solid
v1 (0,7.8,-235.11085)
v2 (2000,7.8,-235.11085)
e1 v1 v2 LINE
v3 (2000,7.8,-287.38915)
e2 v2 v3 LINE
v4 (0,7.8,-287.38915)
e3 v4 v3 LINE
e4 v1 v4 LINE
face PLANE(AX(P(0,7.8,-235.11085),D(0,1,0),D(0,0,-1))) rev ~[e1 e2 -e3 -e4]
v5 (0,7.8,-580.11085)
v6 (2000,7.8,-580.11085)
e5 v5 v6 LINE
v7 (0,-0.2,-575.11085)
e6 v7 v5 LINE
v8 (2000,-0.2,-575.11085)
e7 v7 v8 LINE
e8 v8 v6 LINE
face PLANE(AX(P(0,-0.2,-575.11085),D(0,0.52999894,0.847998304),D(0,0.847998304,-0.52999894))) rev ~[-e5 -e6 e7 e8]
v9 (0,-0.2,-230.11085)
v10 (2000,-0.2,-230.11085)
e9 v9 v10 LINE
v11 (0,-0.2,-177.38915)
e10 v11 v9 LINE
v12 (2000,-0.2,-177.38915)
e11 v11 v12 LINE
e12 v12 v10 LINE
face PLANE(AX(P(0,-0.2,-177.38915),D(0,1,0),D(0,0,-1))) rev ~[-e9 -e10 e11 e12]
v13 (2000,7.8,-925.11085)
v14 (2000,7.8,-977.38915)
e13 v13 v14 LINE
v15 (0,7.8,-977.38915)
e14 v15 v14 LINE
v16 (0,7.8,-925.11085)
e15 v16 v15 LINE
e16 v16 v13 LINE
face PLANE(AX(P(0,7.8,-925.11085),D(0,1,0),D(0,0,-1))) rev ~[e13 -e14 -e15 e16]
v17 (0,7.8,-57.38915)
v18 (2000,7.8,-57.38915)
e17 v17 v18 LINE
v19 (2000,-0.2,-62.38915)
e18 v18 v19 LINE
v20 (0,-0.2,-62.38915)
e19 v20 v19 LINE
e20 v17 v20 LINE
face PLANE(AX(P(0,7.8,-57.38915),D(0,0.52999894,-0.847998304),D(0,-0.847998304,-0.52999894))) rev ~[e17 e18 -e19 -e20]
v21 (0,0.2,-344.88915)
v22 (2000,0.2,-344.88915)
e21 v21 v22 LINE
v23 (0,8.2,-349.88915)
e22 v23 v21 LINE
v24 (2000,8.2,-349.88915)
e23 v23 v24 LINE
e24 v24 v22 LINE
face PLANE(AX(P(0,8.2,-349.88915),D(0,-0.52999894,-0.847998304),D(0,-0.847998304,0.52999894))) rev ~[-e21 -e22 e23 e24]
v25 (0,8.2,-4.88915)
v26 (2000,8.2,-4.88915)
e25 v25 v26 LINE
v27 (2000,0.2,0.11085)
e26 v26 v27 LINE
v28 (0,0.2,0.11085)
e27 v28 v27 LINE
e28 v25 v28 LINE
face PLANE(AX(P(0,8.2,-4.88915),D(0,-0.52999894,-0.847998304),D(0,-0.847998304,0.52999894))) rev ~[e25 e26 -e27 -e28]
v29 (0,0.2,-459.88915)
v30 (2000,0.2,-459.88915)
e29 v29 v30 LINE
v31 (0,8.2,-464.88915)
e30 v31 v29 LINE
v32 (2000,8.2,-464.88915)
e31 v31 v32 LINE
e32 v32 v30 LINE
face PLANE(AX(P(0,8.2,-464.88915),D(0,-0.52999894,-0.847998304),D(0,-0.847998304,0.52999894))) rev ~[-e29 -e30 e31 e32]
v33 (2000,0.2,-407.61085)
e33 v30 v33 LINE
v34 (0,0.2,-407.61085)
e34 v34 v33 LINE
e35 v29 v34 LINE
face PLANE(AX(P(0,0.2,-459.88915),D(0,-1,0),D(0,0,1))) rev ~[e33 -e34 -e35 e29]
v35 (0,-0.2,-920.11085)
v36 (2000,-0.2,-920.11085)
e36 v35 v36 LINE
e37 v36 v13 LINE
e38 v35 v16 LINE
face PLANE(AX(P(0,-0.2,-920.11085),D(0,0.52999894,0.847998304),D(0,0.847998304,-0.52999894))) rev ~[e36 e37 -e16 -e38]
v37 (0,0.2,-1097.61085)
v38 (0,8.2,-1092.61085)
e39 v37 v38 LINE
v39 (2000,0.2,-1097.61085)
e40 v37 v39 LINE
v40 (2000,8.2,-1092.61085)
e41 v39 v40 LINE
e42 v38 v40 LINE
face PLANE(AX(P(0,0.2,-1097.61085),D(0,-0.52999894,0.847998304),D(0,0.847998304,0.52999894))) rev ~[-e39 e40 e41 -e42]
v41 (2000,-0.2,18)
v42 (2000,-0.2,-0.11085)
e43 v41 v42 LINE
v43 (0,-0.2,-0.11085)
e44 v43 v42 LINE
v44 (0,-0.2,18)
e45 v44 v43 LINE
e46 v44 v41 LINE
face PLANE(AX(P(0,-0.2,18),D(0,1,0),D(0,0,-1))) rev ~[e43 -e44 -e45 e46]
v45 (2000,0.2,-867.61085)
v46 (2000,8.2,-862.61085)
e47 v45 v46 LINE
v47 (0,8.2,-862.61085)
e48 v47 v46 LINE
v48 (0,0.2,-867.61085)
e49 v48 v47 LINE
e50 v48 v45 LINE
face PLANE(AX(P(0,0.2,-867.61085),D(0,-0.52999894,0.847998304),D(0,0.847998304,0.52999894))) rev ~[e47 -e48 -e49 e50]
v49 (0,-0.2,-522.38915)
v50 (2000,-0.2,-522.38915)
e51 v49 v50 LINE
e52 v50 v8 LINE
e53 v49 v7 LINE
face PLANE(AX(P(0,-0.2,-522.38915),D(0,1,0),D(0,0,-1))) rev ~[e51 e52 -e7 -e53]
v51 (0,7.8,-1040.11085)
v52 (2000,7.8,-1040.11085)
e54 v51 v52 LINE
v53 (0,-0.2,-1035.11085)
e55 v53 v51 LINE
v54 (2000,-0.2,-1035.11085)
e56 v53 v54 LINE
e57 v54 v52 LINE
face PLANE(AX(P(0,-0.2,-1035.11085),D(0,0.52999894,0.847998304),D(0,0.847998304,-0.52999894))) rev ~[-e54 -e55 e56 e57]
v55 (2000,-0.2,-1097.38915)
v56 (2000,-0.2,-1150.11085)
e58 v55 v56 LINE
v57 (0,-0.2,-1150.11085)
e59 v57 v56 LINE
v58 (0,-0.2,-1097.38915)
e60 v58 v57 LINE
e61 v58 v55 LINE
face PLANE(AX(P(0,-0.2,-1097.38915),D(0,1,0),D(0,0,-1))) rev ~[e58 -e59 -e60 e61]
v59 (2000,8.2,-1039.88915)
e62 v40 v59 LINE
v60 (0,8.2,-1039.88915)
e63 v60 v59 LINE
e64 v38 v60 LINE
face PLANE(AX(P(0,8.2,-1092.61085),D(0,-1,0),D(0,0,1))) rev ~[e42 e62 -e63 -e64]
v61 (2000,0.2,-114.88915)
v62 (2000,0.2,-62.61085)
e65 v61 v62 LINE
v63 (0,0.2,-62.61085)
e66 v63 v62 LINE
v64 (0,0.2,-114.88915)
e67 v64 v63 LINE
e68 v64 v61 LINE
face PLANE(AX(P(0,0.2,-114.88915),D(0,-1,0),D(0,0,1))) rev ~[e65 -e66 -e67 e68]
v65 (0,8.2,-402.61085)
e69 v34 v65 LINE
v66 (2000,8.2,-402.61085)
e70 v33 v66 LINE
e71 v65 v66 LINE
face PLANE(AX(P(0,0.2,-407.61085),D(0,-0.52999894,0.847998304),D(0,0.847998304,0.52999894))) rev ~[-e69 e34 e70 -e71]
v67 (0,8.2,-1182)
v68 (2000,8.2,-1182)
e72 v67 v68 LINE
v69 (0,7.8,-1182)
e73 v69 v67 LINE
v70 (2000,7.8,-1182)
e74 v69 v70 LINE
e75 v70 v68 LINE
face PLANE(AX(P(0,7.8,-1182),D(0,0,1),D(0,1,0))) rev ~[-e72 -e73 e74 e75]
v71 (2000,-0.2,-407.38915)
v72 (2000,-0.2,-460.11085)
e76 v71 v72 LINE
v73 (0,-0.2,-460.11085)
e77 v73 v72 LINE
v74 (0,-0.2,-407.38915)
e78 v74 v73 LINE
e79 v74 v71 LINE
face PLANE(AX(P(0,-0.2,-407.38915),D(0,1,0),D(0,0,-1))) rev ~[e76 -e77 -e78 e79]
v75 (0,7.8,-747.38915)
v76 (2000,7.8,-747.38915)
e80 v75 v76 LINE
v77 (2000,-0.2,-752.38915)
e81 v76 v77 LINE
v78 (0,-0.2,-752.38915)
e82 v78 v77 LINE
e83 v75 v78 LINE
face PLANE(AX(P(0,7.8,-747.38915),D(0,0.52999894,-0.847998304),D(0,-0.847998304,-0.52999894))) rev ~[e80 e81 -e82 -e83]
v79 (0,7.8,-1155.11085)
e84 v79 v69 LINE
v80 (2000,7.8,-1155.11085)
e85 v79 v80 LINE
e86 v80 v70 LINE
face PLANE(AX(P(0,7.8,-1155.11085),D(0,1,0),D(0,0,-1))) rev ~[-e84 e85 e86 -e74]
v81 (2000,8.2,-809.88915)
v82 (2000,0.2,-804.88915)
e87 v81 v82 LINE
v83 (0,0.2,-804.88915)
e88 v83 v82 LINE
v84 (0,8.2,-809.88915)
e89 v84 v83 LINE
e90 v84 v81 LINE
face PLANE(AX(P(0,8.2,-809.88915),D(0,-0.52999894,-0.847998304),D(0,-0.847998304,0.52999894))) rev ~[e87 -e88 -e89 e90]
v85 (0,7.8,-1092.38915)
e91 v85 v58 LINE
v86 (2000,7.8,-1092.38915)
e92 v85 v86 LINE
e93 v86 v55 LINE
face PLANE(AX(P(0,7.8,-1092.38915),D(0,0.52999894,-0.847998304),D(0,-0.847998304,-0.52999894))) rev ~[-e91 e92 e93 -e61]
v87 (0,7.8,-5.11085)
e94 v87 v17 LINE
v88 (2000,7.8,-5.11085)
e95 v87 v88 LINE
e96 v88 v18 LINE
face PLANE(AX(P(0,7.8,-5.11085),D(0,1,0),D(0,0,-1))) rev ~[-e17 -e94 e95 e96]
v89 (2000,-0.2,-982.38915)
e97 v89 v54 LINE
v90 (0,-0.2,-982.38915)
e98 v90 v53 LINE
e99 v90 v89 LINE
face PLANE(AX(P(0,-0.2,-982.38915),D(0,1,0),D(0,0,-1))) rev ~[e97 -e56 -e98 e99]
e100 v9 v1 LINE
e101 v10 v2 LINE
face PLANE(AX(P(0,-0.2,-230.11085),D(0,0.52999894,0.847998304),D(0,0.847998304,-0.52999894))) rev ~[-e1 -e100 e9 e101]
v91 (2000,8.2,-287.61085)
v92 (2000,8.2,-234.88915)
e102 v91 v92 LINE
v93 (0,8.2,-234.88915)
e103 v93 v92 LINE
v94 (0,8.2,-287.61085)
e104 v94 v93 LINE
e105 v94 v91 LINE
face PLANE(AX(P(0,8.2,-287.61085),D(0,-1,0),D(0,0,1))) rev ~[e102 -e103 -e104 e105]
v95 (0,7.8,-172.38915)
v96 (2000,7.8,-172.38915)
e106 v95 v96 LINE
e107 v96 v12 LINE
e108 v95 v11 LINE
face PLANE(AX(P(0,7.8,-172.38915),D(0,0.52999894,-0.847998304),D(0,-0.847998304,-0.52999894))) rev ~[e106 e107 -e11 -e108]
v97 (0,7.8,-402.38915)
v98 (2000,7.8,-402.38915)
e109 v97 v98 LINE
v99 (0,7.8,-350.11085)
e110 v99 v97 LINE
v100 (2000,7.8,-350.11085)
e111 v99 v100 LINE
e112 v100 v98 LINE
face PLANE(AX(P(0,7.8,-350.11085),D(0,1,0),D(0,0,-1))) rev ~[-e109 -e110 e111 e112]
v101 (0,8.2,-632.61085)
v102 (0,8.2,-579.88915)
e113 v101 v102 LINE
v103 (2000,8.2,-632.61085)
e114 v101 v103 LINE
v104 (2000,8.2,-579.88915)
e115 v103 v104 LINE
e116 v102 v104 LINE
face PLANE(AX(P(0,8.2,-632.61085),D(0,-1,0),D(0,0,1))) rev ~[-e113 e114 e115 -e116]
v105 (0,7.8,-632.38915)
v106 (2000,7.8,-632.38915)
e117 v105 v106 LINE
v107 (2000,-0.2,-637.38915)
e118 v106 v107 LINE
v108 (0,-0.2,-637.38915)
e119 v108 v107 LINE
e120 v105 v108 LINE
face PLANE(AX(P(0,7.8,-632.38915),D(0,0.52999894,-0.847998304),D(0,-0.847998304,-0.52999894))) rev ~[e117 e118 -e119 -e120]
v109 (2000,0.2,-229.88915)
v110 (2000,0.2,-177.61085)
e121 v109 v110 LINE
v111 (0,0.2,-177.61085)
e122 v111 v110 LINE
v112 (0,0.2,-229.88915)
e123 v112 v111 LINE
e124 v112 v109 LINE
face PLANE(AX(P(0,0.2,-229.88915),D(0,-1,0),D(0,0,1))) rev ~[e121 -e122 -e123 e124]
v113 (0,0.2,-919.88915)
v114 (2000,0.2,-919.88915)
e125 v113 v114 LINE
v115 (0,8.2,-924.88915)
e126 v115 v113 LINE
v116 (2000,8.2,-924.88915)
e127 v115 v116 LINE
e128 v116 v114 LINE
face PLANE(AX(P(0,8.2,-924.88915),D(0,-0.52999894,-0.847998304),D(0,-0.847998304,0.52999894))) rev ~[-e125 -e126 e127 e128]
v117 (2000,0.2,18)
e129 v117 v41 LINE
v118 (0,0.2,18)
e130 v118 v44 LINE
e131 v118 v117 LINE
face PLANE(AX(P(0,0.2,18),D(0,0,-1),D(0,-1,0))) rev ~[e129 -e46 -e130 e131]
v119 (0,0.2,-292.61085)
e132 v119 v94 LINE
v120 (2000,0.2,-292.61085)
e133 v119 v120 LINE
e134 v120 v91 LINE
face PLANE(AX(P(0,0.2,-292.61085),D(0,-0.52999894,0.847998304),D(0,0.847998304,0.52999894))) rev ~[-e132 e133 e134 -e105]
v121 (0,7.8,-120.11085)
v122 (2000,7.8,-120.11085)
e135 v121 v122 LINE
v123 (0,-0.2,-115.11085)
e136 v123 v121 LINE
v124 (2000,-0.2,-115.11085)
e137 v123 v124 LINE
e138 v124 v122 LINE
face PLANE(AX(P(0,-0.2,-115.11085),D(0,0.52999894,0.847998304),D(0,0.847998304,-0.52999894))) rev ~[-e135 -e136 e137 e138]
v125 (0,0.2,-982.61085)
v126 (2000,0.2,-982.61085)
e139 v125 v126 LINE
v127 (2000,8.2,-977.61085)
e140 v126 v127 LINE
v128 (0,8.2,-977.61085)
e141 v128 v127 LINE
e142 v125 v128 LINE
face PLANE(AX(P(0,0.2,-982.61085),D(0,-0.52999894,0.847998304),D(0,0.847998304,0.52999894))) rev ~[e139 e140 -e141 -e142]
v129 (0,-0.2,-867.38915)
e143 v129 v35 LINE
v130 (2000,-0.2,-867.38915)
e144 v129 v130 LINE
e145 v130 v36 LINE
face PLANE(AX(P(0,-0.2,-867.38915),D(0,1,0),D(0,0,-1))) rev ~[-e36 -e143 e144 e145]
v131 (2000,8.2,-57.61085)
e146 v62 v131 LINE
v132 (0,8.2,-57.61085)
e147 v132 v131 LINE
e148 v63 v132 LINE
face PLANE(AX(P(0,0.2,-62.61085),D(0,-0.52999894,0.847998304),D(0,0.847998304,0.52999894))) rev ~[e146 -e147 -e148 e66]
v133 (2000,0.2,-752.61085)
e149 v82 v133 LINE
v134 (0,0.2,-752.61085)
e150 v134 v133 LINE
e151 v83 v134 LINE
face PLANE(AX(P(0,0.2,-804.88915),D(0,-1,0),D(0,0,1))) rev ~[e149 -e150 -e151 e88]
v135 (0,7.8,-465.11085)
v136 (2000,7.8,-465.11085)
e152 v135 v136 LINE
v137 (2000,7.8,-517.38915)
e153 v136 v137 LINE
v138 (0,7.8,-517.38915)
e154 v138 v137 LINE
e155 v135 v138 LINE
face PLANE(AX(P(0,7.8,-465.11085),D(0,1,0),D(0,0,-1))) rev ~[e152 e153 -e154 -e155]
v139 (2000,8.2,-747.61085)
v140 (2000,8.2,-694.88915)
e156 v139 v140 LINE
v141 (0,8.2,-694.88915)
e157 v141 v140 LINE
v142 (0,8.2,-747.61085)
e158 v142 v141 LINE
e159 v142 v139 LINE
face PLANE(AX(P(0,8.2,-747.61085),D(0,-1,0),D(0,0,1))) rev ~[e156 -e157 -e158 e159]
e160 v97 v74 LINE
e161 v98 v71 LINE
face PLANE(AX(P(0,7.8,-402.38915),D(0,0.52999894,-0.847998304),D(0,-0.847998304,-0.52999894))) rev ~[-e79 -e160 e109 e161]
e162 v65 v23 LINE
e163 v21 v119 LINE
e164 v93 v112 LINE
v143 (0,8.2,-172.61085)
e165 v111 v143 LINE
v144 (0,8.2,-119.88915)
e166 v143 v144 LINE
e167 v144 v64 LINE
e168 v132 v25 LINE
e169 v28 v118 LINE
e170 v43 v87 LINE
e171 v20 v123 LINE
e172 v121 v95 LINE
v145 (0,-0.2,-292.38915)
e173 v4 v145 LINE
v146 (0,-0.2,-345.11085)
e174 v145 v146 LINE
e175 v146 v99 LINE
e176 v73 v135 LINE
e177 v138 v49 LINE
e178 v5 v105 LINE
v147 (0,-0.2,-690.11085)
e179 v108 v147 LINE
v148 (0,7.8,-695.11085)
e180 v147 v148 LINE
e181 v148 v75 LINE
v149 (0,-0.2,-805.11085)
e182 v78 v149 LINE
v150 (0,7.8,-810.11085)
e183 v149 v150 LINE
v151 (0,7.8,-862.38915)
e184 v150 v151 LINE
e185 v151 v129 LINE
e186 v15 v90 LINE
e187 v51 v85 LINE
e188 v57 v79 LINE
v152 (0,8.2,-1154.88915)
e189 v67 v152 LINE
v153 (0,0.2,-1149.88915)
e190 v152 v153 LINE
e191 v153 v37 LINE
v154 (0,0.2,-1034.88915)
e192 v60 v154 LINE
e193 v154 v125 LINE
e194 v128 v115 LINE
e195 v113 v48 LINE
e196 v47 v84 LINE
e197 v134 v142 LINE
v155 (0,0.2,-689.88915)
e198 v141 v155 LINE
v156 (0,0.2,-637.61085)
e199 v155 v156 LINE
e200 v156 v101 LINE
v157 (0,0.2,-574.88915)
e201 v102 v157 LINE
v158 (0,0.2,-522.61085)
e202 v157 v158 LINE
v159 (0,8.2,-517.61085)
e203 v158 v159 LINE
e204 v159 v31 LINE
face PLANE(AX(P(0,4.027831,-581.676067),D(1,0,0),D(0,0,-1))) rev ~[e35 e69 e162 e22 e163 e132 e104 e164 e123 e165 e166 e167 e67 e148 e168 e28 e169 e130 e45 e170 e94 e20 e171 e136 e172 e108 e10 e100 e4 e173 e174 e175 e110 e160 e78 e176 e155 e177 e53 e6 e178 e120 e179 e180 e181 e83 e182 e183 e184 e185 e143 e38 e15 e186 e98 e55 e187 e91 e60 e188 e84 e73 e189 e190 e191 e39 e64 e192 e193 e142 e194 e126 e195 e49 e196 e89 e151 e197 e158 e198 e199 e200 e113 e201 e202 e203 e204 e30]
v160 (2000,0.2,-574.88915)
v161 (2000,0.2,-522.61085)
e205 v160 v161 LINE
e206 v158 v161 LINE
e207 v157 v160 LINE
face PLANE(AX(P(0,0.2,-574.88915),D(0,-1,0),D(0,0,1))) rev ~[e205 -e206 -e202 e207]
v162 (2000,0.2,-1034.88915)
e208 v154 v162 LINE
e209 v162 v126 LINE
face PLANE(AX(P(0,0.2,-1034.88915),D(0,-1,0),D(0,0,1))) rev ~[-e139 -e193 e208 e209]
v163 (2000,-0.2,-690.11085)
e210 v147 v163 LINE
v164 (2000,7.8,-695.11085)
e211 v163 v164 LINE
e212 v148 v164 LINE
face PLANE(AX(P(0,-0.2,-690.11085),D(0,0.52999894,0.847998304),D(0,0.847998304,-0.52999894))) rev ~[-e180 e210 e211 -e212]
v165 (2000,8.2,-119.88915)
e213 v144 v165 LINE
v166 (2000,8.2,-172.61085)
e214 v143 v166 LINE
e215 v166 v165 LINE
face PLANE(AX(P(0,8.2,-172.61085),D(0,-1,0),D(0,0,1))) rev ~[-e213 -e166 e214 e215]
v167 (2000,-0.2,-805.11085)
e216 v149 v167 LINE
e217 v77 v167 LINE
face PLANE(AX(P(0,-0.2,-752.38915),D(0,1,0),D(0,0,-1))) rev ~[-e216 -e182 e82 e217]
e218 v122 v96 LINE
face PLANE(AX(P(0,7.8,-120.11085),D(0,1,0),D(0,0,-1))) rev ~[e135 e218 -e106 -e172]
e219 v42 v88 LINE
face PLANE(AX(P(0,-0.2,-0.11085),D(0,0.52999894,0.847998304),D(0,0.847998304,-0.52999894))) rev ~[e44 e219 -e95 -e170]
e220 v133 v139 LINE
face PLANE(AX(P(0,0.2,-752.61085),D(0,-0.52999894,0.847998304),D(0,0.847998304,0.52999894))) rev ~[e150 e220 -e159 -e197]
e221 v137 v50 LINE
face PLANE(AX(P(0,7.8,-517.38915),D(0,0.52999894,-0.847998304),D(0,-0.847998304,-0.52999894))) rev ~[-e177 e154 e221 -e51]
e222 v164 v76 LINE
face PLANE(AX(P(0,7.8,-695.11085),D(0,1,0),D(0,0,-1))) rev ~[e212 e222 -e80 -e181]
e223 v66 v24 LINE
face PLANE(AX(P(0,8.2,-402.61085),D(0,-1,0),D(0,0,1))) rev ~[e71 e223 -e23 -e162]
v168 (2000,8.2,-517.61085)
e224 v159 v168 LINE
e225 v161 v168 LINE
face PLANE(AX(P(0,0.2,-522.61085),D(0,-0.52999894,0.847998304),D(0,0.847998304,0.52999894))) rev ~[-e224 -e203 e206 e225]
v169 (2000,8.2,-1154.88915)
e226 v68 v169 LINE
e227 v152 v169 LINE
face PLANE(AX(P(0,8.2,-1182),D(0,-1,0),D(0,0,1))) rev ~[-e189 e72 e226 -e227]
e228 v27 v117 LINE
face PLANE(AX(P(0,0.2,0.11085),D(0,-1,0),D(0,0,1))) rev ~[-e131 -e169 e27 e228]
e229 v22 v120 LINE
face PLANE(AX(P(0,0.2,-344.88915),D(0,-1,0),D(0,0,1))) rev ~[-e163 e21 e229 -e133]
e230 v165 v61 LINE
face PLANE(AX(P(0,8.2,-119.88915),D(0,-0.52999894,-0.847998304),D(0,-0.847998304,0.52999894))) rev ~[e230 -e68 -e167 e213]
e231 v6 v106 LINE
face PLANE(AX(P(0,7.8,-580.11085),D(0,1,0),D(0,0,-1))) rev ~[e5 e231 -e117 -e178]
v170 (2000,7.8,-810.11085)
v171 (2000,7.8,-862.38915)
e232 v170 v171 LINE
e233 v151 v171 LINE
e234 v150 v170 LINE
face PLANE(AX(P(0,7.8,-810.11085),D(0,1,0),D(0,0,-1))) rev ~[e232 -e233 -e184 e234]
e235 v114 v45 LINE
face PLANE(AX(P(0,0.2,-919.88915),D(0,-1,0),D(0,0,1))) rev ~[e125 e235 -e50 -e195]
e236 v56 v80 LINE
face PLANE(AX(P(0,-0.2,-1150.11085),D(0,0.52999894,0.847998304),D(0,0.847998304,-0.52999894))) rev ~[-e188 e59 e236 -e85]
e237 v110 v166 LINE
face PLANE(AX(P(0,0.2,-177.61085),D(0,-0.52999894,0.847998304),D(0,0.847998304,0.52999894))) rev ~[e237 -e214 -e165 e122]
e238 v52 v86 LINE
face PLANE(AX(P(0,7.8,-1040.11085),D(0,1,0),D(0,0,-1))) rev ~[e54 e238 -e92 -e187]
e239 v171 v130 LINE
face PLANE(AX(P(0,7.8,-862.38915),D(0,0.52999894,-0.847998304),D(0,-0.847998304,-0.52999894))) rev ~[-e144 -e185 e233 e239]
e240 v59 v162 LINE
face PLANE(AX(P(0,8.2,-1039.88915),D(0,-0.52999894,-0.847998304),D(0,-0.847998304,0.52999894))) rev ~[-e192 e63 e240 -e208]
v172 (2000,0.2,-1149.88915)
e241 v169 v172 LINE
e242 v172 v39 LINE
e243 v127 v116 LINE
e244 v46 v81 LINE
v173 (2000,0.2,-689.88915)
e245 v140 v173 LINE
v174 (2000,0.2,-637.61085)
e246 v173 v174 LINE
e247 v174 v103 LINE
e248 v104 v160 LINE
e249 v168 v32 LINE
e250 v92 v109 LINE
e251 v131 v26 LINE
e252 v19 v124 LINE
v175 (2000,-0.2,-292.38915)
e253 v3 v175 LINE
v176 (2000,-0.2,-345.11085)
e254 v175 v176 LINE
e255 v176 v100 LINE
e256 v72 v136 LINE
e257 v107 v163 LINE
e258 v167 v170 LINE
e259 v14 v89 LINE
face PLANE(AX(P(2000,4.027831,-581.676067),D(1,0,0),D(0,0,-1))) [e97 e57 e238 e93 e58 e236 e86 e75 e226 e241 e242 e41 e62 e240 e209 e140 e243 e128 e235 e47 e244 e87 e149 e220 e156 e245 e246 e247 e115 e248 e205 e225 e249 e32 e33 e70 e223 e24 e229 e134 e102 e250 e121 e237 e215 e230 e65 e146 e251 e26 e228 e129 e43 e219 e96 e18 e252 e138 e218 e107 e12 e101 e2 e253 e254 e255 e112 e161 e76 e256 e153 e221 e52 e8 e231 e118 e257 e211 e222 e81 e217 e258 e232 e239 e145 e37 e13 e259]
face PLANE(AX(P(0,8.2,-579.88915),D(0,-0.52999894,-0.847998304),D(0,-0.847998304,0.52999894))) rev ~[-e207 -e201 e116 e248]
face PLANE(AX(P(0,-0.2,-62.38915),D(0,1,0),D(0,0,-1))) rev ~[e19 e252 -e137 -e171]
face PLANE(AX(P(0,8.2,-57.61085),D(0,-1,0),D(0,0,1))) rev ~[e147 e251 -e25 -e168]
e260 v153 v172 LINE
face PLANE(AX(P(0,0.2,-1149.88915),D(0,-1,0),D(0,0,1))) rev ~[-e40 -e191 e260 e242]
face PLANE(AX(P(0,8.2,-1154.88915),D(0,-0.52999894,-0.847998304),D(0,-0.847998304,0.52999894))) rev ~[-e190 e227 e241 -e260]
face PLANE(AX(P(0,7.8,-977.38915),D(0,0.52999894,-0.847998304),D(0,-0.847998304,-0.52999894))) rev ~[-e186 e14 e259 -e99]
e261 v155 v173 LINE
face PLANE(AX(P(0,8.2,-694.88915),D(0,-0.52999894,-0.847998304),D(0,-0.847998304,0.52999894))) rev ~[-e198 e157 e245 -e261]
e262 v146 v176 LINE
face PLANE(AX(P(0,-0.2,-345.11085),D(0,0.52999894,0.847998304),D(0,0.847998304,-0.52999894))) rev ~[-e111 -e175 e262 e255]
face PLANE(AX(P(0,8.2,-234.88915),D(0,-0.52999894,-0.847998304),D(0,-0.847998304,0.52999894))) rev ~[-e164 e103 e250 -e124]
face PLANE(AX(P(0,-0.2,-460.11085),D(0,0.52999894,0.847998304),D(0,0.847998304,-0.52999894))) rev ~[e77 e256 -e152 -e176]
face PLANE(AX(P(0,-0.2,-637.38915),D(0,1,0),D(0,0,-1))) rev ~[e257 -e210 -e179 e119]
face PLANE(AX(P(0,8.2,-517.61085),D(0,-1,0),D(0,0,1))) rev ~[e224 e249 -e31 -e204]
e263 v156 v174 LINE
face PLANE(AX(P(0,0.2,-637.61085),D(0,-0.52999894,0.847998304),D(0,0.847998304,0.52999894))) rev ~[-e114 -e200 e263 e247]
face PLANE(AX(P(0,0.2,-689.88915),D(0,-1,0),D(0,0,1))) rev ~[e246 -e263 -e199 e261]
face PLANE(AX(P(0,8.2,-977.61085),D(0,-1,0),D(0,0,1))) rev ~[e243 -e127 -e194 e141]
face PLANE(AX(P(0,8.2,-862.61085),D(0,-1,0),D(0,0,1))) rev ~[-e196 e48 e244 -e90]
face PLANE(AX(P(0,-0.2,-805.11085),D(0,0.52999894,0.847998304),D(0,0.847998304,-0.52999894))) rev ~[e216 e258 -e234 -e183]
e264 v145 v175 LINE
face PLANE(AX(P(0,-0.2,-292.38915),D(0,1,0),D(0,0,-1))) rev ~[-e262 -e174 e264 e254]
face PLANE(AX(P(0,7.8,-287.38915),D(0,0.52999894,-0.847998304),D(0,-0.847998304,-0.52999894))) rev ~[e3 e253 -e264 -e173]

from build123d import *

# Parameters (mm, degrees)
EXTRUDE_1_DEPTH = 2000


with BuildPart() as part:
    # Эскиз1 → Вытянуть-Тонкостенный1 (new body)
    with BuildSketch(Plane(origin=(0, 0, 0), x_dir=(0, 0, -1), z_dir=(1, 0, 0))):
        Polygon((-18, -0.2), (0.110849528, -0.2), (5.110849528, 7.8), (57.389150472, 7.8), (62.389150472, -0.2), (115.110849528, -0.2), (120.110849528, 7.8), (172.389150472, 7.8), (177.389150472, -0.2), (230.110849528, -0.2), (235.110849528, 7.8), (287.389150472, 7.8), (292.389150472, -0.2), (345.110849528, -0.2), (350.110849528, 7.8), (402.389150472, 7.8), (407.389150472, -0.2), (460.110849528, -0.2), (465.110849528, 7.8), (517.389150472, 7.8), (522.389150472, -0.2), (575.110849528, -0.2), (580.110849528, 7.8), (632.389150472, 7.8), (637.389150472, -0.2), (690.110849528, -0.2), (695.110849528, 7.8), (747.389150472, 7.8), (752.389150472, -0.2), (805.110849528, -0.2), (810.110849528, 7.8), (862.389150472, 7.8), (867.389150472, -0.2), (920.110849528, -0.2), (925.110849528, 7.8), (977.389150472, 7.8), (982.389150472, -0.2), (1035.110849528, -0.2), (1040.110849528, 7.8), (1092.389150472, 7.8), (1097.389150472, -0.2), (1150.110849528, -0.2), (1155.110849528, 7.8), (1182, 7.8), (1182, 8.2), (1154.889150472, 8.2), (1149.889150472, 0.2), (1097.610849528, 0.2), (1092.610849528, 8.2), (1039.889150472, 8.2), (1034.889150472, 0.2), (982.610849528, 0.2), (977.610849528, 8.2), (924.889150472, 8.2), (919.889150472, 0.2), (867.610849528, 0.2), (862.610849528, 8.2), (809.889150472, 8.2), (804.889150472, 0.2), (752.610849528, 0.2), (747.610849528, 8.2), (694.889150472, 8.2), (689.889150472, 0.2), (637.610849528, 0.2), (632.610849528, 8.2), (579.889150472, 8.2), (574.889150472, 0.2), (522.610849528, 0.2), (517.610849528, 8.2), (464.889150472, 8.2), (459.889150472, 0.2), (407.610849528, 0.2), (402.610849528, 8.2), (349.889150472, 8.2), (344.889150472, 0.2), (292.610849528, 0.2), (287.610849528, 8.2), (234.889150472, 8.2), (229.889150472, 0.2), (177.610849528, 0.2), (172.610849528, 8.2), (119.889150472, 8.2), (114.889150472, 0.2), (62.610849528, 0.2), (57.610849528, 8.2), (4.889150472, 8.2), (-0.110849528, 0.2), (-18, 0.2), align=None)
    extrude(amount=EXTRUDE_1_DEPTH)


solid = part.part
